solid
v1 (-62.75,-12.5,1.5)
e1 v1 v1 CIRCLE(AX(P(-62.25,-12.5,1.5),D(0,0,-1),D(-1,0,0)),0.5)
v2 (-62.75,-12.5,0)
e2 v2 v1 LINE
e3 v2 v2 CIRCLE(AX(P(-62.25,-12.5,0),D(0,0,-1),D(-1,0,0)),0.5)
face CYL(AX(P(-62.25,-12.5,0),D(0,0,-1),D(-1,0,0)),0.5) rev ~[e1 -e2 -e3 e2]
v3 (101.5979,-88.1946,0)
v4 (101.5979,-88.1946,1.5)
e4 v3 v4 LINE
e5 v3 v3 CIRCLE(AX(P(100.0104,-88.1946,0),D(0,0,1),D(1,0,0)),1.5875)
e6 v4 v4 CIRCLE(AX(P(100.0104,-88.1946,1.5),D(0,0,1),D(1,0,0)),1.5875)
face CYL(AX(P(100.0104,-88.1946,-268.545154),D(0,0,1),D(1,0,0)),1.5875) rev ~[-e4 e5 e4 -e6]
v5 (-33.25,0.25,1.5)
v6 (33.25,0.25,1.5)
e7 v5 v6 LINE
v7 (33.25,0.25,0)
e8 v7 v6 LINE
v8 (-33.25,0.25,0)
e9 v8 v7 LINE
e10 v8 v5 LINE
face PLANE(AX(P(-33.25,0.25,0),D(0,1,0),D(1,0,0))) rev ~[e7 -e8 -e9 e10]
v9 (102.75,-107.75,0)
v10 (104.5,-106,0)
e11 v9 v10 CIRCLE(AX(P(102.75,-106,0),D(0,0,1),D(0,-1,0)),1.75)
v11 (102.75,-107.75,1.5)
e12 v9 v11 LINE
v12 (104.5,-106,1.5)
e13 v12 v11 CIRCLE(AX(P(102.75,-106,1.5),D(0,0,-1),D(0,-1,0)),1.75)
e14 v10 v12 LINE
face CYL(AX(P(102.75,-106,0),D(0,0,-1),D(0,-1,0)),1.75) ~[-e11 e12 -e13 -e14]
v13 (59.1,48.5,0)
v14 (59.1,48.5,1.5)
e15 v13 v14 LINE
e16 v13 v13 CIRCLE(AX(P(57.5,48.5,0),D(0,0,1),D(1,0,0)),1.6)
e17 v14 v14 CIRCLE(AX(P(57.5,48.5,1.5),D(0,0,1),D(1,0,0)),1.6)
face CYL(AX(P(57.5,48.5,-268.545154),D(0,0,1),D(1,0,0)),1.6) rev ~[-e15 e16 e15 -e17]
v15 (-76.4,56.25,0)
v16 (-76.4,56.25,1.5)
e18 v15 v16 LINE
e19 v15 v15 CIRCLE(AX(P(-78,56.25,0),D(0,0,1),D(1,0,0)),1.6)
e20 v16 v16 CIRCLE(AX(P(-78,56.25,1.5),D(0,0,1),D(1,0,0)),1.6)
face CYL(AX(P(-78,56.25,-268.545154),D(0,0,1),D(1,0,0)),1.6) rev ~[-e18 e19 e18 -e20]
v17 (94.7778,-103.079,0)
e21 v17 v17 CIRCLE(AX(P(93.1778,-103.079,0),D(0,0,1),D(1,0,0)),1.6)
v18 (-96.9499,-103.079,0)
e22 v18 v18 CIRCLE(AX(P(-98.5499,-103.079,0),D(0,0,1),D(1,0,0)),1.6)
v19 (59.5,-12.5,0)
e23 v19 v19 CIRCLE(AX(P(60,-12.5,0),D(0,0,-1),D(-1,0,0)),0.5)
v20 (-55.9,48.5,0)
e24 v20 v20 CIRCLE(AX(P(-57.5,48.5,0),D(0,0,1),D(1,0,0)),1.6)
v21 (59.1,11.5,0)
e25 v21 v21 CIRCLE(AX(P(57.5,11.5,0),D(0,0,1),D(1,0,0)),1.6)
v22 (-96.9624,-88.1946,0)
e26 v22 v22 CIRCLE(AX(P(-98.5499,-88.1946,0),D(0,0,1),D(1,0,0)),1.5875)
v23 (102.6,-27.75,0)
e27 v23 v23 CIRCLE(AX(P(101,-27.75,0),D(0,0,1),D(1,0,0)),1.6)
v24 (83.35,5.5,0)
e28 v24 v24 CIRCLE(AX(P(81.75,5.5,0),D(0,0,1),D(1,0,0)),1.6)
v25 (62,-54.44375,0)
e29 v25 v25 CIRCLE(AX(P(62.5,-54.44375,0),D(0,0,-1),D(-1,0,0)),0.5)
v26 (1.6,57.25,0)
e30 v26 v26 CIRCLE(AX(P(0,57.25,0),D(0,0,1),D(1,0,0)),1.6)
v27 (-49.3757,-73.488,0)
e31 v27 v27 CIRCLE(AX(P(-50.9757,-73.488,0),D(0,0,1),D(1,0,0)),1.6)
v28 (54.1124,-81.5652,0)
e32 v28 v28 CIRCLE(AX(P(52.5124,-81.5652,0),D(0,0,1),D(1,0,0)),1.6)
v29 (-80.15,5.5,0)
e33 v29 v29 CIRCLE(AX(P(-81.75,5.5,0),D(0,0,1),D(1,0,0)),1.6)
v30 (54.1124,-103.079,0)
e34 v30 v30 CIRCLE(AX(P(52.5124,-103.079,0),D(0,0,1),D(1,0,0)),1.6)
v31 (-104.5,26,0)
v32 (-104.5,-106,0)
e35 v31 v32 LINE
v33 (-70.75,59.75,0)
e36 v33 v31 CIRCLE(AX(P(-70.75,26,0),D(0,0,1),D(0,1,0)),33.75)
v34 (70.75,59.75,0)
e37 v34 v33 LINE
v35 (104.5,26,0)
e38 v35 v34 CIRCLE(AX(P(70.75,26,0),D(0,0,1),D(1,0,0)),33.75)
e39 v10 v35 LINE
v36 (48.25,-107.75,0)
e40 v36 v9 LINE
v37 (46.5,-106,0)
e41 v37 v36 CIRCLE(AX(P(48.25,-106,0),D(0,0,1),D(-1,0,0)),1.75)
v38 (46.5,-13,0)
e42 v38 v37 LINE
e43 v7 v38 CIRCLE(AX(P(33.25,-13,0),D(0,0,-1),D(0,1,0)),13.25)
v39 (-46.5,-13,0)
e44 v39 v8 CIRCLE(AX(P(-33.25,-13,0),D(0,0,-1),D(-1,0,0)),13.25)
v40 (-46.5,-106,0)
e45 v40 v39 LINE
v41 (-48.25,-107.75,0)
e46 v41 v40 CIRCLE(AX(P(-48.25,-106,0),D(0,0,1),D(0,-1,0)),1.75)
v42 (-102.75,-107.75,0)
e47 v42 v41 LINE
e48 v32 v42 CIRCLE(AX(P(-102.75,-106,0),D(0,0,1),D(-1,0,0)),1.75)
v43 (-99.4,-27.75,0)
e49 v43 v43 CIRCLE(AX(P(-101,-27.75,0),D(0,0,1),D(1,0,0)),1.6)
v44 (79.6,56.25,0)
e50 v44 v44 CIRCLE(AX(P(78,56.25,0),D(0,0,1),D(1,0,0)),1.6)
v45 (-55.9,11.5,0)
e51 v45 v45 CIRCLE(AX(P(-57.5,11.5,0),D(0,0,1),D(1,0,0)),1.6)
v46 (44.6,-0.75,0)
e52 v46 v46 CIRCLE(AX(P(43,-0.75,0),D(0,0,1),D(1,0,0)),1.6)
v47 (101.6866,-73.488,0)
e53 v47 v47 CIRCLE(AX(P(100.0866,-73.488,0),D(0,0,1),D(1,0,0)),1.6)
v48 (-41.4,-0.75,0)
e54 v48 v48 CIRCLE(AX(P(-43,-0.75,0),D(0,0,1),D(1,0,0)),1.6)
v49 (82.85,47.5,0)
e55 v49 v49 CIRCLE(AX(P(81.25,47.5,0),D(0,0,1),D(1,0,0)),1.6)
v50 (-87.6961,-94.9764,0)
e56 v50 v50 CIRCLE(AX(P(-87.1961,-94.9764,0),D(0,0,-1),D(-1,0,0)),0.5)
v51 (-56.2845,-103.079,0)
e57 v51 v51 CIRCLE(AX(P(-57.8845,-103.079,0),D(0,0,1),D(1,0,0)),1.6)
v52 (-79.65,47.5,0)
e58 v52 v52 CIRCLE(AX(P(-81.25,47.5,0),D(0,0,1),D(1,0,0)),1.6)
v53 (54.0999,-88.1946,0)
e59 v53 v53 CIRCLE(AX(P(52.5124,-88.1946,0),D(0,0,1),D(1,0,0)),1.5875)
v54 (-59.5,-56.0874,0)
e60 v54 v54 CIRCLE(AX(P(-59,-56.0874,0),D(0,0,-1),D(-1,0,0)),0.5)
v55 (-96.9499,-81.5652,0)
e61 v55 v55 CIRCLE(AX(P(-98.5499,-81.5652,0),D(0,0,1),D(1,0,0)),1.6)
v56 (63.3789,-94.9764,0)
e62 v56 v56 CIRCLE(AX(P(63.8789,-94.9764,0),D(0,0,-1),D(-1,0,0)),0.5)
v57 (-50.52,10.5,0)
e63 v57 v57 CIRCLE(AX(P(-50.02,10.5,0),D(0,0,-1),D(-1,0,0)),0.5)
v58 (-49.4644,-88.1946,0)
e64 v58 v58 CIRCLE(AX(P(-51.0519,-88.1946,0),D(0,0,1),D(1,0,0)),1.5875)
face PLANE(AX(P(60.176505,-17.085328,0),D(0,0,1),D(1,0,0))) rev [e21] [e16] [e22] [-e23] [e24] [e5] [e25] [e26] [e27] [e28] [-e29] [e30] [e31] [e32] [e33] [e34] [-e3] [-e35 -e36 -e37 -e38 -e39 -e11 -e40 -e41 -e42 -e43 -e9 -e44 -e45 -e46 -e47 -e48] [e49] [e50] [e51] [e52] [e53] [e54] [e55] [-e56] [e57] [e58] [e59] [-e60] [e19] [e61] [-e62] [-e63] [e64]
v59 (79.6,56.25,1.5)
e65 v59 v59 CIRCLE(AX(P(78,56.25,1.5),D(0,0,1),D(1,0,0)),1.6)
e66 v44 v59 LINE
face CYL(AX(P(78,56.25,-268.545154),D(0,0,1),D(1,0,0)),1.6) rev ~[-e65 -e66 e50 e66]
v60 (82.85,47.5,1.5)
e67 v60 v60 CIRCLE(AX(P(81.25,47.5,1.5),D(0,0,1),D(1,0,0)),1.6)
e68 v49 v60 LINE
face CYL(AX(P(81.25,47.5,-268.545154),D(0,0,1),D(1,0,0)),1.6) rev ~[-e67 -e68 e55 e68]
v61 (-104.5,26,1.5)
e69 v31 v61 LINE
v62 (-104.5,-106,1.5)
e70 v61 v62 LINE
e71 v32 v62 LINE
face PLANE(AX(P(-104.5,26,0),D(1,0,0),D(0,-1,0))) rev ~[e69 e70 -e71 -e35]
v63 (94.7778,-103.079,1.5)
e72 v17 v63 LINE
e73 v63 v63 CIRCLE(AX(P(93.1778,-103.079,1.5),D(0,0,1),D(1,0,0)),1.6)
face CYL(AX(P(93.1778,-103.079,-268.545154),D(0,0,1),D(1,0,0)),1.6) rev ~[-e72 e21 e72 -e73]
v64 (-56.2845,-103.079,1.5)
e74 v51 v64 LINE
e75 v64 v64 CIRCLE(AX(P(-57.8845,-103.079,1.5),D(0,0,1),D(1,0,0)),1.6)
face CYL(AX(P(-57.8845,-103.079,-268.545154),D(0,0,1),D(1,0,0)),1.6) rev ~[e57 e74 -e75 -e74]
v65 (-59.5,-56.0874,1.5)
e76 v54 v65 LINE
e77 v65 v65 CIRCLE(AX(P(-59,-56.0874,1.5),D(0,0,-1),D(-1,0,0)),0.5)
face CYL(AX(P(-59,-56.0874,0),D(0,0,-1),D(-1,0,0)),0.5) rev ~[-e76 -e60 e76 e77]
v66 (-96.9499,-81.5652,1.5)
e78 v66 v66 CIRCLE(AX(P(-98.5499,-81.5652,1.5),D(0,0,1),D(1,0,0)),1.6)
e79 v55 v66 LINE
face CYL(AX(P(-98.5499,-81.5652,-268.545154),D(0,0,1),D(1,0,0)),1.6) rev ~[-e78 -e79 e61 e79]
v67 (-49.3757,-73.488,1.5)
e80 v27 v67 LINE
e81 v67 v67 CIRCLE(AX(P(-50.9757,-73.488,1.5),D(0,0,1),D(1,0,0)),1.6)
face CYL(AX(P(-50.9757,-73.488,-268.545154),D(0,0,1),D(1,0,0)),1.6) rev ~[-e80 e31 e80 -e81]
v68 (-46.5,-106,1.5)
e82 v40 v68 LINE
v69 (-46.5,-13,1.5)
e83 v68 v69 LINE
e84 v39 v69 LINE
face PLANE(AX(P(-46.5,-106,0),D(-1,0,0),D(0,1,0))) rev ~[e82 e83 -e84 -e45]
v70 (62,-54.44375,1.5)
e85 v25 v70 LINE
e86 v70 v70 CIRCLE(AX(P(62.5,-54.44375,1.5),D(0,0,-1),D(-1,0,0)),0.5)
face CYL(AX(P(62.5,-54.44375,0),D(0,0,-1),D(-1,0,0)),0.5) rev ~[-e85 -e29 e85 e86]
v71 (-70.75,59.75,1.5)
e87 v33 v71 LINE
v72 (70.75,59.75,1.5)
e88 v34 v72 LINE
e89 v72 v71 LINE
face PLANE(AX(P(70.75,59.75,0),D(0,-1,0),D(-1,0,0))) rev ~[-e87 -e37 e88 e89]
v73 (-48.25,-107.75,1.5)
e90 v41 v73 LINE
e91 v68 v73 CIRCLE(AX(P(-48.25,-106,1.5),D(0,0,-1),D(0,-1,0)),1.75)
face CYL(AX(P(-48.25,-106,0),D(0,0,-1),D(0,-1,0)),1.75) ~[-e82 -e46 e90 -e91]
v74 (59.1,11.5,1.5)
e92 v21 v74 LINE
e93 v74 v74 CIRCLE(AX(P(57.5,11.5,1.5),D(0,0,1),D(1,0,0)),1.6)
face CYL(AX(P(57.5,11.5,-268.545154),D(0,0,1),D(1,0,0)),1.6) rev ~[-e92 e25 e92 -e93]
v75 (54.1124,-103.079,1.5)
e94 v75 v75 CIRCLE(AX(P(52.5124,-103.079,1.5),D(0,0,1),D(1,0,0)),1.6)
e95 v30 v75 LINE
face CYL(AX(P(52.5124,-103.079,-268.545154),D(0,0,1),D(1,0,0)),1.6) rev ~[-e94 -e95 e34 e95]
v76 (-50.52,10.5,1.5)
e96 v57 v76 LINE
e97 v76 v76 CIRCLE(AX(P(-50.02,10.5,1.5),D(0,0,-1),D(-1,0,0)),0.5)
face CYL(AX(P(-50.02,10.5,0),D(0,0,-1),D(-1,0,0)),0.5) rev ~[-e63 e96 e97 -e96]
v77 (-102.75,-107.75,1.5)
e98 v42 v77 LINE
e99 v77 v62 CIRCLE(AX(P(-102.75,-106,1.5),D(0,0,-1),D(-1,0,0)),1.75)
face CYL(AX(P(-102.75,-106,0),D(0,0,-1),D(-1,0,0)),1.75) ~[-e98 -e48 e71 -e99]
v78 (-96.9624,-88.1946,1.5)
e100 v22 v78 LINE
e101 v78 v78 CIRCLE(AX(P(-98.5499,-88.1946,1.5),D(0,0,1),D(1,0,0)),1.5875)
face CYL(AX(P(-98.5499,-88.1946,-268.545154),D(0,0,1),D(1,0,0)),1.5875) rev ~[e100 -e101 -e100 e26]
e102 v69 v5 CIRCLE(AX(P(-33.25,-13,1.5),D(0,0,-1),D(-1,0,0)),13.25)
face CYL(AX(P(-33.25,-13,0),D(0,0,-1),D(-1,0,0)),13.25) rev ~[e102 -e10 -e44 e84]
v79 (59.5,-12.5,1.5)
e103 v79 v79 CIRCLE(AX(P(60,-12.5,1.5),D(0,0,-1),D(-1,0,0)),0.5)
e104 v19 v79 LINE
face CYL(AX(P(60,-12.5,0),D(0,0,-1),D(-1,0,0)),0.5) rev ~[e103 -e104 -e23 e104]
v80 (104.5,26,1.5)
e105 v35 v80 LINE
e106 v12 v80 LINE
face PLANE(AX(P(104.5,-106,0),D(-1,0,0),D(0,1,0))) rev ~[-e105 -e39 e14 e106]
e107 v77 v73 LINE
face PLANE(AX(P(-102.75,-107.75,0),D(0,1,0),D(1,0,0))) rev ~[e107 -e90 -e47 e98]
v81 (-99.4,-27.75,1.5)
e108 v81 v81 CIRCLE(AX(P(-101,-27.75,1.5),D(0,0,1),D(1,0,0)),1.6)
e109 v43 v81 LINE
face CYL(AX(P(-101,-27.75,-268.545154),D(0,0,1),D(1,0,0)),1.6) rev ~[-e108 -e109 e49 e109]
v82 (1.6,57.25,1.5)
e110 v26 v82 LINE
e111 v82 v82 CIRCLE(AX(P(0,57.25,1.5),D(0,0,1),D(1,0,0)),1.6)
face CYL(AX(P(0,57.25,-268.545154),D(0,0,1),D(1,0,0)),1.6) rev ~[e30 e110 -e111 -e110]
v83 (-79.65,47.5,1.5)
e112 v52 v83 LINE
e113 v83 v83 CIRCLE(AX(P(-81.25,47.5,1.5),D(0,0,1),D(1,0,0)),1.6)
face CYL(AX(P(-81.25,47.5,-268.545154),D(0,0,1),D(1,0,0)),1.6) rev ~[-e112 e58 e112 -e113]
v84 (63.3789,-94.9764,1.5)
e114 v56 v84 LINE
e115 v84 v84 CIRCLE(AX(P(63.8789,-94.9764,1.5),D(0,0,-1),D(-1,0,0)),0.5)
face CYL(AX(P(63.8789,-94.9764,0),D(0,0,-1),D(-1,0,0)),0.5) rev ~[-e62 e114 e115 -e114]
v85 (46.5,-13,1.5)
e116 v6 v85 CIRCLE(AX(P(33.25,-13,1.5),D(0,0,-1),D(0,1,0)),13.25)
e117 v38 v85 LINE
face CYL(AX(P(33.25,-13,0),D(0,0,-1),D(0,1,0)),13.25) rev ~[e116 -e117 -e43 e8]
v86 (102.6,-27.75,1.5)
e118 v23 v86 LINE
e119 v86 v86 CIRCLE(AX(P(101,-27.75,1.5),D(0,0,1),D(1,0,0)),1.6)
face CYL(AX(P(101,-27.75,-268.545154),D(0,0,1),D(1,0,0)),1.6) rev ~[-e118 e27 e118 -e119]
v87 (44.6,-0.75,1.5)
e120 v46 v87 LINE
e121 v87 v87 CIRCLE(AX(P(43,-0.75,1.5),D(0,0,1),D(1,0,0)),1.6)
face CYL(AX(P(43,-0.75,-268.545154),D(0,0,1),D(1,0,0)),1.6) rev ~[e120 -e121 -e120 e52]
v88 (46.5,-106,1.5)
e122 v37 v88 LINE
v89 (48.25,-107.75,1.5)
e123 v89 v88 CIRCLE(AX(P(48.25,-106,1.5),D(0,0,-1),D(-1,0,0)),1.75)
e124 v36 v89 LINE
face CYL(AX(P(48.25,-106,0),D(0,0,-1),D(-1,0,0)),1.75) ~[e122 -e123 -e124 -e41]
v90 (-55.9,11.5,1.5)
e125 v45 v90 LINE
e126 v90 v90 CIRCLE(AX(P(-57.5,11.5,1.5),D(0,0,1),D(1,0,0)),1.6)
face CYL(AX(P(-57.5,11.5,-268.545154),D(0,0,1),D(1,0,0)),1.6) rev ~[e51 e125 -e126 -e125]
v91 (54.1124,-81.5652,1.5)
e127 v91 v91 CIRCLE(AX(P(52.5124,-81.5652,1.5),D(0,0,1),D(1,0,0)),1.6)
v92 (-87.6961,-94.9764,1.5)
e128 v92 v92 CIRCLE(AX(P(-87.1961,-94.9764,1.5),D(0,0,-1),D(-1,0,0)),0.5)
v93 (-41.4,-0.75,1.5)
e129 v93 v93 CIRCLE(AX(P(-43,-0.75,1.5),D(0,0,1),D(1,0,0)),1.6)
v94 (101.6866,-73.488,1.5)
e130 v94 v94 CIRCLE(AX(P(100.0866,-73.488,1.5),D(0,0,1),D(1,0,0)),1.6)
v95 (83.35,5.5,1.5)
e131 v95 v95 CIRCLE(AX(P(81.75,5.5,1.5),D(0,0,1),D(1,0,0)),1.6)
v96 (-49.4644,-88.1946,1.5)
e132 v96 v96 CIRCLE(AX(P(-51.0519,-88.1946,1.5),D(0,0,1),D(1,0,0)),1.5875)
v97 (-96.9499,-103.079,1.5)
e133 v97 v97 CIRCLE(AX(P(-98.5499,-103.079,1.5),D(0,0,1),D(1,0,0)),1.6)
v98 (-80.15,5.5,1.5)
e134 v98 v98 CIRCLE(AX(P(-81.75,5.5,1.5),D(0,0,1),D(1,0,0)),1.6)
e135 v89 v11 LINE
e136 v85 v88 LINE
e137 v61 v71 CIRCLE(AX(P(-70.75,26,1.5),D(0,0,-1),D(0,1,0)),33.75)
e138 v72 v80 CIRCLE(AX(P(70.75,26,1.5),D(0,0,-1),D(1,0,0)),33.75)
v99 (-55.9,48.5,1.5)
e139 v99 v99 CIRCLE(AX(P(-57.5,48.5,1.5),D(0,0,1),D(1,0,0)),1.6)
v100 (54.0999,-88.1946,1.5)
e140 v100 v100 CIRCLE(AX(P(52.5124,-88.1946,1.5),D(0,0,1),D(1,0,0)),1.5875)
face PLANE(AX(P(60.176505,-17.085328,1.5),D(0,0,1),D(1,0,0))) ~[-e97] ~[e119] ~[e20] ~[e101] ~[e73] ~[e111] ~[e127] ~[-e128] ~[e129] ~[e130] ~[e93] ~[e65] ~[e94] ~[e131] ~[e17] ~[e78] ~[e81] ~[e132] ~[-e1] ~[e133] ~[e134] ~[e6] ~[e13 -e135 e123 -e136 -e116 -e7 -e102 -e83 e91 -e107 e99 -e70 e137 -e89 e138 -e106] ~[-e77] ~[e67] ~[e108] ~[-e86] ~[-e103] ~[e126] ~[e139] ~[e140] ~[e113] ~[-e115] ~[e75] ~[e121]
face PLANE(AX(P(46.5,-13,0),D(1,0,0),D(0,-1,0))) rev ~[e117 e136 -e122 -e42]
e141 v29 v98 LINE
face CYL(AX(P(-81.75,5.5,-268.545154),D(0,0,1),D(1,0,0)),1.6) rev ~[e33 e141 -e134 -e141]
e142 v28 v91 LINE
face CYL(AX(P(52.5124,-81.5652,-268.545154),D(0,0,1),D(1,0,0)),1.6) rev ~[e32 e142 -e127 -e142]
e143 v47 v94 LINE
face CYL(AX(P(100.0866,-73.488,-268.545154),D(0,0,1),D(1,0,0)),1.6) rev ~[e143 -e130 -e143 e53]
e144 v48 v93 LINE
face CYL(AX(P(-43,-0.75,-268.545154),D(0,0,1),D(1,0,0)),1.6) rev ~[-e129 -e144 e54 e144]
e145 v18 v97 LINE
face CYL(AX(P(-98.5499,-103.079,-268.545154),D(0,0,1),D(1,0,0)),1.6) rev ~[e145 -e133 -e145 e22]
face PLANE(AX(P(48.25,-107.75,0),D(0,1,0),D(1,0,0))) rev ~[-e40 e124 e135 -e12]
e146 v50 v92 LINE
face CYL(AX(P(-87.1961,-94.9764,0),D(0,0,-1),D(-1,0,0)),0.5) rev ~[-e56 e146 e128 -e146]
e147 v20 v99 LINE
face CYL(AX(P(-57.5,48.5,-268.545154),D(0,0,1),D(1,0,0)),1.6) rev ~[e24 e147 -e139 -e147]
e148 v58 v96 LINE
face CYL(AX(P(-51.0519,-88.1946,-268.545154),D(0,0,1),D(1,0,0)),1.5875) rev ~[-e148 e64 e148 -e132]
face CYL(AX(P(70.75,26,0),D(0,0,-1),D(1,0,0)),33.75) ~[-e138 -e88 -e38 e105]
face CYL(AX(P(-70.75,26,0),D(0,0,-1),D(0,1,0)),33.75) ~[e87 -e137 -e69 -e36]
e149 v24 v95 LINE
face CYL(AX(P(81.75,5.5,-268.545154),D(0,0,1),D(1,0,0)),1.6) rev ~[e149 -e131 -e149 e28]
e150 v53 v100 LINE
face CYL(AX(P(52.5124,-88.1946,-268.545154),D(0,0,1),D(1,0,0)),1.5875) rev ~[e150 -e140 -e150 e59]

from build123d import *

# Parameters (mm, degrees)
BOSS_EXTRUDE1_DEPTH          = 1.5
M3_CLEARANCE_HOLE1_D         = 3.2
F_1_8_0_125_DIAMETER_HOLE1_D = 3.175
M3_CLEARANCE_HOLE2_D         = 3.2
CUT_EXTRUDE1_DEPTH           = 151.461996863
SKETCH11_R                   = 0.5
CUT_EXTRUDE2_DEPTH           = 151.108502424


with BuildPart() as part:
    # Sketch1 → Boss-Extrude1 (new body)
    with BuildSketch(Plane.XY):
        with BuildLine():
            Line((0, 0), (0, 60))
            Line((0, 60), (-70.75, 60))
            ThreePointArc((-70.75, 60), (-94.79163056, 50.04163056), (-104.75, 26))
            Line((-104.75, 26), (-104.75, -106))
            ThreePointArc((-104.75, -106), (-104.164213562, -107.414213562), (-102.75, -108))
            Line((-102.75, -108), (-48.25, -108))
            ThreePointArc((-48.25, -108), (-46.835786438, -107.414213562), (-46.25, -106))
            Line((-46.25, -106), (-46.25, -13))
            ThreePointArc((-46.25, -13), (-42.442388155, -3.807611845), (-33.25, 0))
            Line((-33.25, 0), (0, 0))
        make_face()
    extrude(amount=BOSS_EXTRUDE1_DEPTH)

    # Mirror1: part across plane


with BuildPart() as part_1:
    add(part.part)
    add(part.part.mirror(Plane(origin=(0, 0, 0), x_dir=(0, 0, 1), z_dir=(1, 0, 0))))

    # M3 Clearance Hole1 (through all)
    with Locations(Plane(origin=(0, 0, 0), x_dir=(-1, 0, 0), z_dir=(0, 0, -1))):
        with Locations((0, 57.25), (78, 56.25), (81.25, 47.5), (81.75, 5.5), (101, -27.75), (43, -0.75), (50.9757, -73.488), (57.8845, -103.079), (98.5499, -81.5652), (98.5499, -103.079), (-100.0866, -73.488), (-93.1778, -103.079), (-52.5124, -81.5652), (-52.5124, -103.079), (-43, -0.75), (-101, -27.75), (-81.75, 5.5), (-81.25, 47.5), (-78, 56.25)):
            Hole(M3_CLEARANCE_HOLE1_D / 2)

    # 1/8 (0.125) Diameter Hole1 (through all)
    with Locations(Plane(origin=(0, 0, 0), x_dir=(-1, 0, 0), z_dir=(0, 0, -1))):
        with Locations((-100.0104, -88.1946), (-52.5124, -88.1946), (51.0519, -88.1946), (98.5499, -88.1946)):
            Hole(F_1_8_0_125_DIAMETER_HOLE1_D / 2)

    # M3 Clearance Hole2 (through all)
    with Locations(Plane(origin=(0, 0, 0), x_dir=(-1, 0, 0), z_dir=(0, 0, -1))):
        with Locations((-57.5, 48.5), (-57.5, 11.5), (57.5, 48.5), (57.5, 11.5)):
            Hole(M3_CLEARANCE_HOLE2_D / 2)

    # Sketch10 → Cut-Extrude1 (cut, through all)
    with BuildSketch(Plane(origin=(0, 0, 0), x_dir=(-1, 0, 0), z_dir=(0, 0, -1))):
        with BuildLine():
            Line((-70.75, 60), (70.75, 60))
            ThreePointArc((70.75, 60), (94.79163056, 50.04163056), (104.75, 26))
            Line((104.75, 26), (104.75, -106))
            ThreePointArc((104.75, -106), (104.164213562, -107.414213562), (102.75, -108))
            Line((102.75, -108), (48.25, -108))
            ThreePointArc((48.25, -108), (46.835786438, -107.414213562), (46.25, -106))
            Line((46.25, -106), (46.25, -13))
            ThreePointArc((46.25, -13), (42.442388155, -3.807611845), (33.25, 0))
            Line((33.25, 0), (-33.25, 0))
            ThreePointArc((-33.25, 0), (-42.442388155, -3.807611845), (-46.25, -13))
            Line((-46.25, -13), (-46.25, -106))
            ThreePointArc((-46.25, -106), (-46.835786438, -107.414213562), (-48.25, -108))
            Line((-48.25, -108), (-102.75, -108))
            ThreePointArc((-102.75, -108), (-104.164213562, -107.414213562), (-104.75, -106))
            Line((-104.75, -106), (-104.75, 26))
            ThreePointArc((-104.75, 26), (-94.79163056, 50.04163056), (-70.75, 60))
        make_face()
        with BuildLine():
            Line((-70.75, 59.75), (70.75, 59.75))
            ThreePointArc((70.75, 59.75), (94.614853865, 49.864853865), (104.5, 26))
            Line((104.5, 26), (104.5, -106))
            ThreePointArc((104.5, -106), (103.987436867, -107.237436867), (102.75, -107.75))
            Line((102.75, -107.75), (48.25, -107.75))
            ThreePointArc((48.25, -107.75), (47.012563133, -107.237436867), (46.5, -106))
            Line((46.5, -106), (46.5, -13))
            ThreePointArc((46.5, -13), (42.619164851, -3.630835149), (33.25, 0.25))
            Line((33.25, 0.25), (-33.25, 0.25))
            ThreePointArc((-33.25, 0.25), (-42.619164851, -3.630835149), (-46.5, -13))
            Line((-46.5, -13), (-46.5, -106))
            ThreePointArc((-46.5, -106), (-47.012563133, -107.237436867), (-48.25, -107.75))
            Line((-48.25, -107.75), (-102.75, -107.75))
            ThreePointArc((-102.75, -107.75), (-103.987436867, -107.237436867), (-104.5, -106))
            Line((-104.5, -106), (-104.5, 26))
            ThreePointArc((-104.5, 26), (-94.614853865, 49.864853865), (-70.75, 59.75))
        make_face(mode=Mode.SUBTRACT)
    extrude(amount=-CUT_EXTRUDE1_DEPTH, mode=Mode.SUBTRACT)

    # Sketch11 → Cut-Extrude2 (cut, through all)
    with BuildSketch(Plane(origin=(0, 0, 0), x_dir=(-1, 0, 0), z_dir=(0, 0, -1))):
        with Locations((-60, -12.5)):
            Circle(SKETCH11_R)
        with Locations((-62.5, -54.44375)):
            Circle(SKETCH11_R)
        with Locations((59, -56.0874)):
            Circle(SKETCH11_R)
        with Locations((62.25, -12.5)):
            Circle(SKETCH11_R)
        with Locations((-63.8789, -94.9764)):
            Circle(SKETCH11_R)
        with Locations((87.1961, -94.9764)):
            Circle(SKETCH11_R)
        with Locations((50.02, 10.5)):
            Circle(SKETCH11_R)
    extrude(amount=-CUT_EXTRUDE2_DEPTH, mode=Mode.SUBTRACT)


solid = part_1.part
